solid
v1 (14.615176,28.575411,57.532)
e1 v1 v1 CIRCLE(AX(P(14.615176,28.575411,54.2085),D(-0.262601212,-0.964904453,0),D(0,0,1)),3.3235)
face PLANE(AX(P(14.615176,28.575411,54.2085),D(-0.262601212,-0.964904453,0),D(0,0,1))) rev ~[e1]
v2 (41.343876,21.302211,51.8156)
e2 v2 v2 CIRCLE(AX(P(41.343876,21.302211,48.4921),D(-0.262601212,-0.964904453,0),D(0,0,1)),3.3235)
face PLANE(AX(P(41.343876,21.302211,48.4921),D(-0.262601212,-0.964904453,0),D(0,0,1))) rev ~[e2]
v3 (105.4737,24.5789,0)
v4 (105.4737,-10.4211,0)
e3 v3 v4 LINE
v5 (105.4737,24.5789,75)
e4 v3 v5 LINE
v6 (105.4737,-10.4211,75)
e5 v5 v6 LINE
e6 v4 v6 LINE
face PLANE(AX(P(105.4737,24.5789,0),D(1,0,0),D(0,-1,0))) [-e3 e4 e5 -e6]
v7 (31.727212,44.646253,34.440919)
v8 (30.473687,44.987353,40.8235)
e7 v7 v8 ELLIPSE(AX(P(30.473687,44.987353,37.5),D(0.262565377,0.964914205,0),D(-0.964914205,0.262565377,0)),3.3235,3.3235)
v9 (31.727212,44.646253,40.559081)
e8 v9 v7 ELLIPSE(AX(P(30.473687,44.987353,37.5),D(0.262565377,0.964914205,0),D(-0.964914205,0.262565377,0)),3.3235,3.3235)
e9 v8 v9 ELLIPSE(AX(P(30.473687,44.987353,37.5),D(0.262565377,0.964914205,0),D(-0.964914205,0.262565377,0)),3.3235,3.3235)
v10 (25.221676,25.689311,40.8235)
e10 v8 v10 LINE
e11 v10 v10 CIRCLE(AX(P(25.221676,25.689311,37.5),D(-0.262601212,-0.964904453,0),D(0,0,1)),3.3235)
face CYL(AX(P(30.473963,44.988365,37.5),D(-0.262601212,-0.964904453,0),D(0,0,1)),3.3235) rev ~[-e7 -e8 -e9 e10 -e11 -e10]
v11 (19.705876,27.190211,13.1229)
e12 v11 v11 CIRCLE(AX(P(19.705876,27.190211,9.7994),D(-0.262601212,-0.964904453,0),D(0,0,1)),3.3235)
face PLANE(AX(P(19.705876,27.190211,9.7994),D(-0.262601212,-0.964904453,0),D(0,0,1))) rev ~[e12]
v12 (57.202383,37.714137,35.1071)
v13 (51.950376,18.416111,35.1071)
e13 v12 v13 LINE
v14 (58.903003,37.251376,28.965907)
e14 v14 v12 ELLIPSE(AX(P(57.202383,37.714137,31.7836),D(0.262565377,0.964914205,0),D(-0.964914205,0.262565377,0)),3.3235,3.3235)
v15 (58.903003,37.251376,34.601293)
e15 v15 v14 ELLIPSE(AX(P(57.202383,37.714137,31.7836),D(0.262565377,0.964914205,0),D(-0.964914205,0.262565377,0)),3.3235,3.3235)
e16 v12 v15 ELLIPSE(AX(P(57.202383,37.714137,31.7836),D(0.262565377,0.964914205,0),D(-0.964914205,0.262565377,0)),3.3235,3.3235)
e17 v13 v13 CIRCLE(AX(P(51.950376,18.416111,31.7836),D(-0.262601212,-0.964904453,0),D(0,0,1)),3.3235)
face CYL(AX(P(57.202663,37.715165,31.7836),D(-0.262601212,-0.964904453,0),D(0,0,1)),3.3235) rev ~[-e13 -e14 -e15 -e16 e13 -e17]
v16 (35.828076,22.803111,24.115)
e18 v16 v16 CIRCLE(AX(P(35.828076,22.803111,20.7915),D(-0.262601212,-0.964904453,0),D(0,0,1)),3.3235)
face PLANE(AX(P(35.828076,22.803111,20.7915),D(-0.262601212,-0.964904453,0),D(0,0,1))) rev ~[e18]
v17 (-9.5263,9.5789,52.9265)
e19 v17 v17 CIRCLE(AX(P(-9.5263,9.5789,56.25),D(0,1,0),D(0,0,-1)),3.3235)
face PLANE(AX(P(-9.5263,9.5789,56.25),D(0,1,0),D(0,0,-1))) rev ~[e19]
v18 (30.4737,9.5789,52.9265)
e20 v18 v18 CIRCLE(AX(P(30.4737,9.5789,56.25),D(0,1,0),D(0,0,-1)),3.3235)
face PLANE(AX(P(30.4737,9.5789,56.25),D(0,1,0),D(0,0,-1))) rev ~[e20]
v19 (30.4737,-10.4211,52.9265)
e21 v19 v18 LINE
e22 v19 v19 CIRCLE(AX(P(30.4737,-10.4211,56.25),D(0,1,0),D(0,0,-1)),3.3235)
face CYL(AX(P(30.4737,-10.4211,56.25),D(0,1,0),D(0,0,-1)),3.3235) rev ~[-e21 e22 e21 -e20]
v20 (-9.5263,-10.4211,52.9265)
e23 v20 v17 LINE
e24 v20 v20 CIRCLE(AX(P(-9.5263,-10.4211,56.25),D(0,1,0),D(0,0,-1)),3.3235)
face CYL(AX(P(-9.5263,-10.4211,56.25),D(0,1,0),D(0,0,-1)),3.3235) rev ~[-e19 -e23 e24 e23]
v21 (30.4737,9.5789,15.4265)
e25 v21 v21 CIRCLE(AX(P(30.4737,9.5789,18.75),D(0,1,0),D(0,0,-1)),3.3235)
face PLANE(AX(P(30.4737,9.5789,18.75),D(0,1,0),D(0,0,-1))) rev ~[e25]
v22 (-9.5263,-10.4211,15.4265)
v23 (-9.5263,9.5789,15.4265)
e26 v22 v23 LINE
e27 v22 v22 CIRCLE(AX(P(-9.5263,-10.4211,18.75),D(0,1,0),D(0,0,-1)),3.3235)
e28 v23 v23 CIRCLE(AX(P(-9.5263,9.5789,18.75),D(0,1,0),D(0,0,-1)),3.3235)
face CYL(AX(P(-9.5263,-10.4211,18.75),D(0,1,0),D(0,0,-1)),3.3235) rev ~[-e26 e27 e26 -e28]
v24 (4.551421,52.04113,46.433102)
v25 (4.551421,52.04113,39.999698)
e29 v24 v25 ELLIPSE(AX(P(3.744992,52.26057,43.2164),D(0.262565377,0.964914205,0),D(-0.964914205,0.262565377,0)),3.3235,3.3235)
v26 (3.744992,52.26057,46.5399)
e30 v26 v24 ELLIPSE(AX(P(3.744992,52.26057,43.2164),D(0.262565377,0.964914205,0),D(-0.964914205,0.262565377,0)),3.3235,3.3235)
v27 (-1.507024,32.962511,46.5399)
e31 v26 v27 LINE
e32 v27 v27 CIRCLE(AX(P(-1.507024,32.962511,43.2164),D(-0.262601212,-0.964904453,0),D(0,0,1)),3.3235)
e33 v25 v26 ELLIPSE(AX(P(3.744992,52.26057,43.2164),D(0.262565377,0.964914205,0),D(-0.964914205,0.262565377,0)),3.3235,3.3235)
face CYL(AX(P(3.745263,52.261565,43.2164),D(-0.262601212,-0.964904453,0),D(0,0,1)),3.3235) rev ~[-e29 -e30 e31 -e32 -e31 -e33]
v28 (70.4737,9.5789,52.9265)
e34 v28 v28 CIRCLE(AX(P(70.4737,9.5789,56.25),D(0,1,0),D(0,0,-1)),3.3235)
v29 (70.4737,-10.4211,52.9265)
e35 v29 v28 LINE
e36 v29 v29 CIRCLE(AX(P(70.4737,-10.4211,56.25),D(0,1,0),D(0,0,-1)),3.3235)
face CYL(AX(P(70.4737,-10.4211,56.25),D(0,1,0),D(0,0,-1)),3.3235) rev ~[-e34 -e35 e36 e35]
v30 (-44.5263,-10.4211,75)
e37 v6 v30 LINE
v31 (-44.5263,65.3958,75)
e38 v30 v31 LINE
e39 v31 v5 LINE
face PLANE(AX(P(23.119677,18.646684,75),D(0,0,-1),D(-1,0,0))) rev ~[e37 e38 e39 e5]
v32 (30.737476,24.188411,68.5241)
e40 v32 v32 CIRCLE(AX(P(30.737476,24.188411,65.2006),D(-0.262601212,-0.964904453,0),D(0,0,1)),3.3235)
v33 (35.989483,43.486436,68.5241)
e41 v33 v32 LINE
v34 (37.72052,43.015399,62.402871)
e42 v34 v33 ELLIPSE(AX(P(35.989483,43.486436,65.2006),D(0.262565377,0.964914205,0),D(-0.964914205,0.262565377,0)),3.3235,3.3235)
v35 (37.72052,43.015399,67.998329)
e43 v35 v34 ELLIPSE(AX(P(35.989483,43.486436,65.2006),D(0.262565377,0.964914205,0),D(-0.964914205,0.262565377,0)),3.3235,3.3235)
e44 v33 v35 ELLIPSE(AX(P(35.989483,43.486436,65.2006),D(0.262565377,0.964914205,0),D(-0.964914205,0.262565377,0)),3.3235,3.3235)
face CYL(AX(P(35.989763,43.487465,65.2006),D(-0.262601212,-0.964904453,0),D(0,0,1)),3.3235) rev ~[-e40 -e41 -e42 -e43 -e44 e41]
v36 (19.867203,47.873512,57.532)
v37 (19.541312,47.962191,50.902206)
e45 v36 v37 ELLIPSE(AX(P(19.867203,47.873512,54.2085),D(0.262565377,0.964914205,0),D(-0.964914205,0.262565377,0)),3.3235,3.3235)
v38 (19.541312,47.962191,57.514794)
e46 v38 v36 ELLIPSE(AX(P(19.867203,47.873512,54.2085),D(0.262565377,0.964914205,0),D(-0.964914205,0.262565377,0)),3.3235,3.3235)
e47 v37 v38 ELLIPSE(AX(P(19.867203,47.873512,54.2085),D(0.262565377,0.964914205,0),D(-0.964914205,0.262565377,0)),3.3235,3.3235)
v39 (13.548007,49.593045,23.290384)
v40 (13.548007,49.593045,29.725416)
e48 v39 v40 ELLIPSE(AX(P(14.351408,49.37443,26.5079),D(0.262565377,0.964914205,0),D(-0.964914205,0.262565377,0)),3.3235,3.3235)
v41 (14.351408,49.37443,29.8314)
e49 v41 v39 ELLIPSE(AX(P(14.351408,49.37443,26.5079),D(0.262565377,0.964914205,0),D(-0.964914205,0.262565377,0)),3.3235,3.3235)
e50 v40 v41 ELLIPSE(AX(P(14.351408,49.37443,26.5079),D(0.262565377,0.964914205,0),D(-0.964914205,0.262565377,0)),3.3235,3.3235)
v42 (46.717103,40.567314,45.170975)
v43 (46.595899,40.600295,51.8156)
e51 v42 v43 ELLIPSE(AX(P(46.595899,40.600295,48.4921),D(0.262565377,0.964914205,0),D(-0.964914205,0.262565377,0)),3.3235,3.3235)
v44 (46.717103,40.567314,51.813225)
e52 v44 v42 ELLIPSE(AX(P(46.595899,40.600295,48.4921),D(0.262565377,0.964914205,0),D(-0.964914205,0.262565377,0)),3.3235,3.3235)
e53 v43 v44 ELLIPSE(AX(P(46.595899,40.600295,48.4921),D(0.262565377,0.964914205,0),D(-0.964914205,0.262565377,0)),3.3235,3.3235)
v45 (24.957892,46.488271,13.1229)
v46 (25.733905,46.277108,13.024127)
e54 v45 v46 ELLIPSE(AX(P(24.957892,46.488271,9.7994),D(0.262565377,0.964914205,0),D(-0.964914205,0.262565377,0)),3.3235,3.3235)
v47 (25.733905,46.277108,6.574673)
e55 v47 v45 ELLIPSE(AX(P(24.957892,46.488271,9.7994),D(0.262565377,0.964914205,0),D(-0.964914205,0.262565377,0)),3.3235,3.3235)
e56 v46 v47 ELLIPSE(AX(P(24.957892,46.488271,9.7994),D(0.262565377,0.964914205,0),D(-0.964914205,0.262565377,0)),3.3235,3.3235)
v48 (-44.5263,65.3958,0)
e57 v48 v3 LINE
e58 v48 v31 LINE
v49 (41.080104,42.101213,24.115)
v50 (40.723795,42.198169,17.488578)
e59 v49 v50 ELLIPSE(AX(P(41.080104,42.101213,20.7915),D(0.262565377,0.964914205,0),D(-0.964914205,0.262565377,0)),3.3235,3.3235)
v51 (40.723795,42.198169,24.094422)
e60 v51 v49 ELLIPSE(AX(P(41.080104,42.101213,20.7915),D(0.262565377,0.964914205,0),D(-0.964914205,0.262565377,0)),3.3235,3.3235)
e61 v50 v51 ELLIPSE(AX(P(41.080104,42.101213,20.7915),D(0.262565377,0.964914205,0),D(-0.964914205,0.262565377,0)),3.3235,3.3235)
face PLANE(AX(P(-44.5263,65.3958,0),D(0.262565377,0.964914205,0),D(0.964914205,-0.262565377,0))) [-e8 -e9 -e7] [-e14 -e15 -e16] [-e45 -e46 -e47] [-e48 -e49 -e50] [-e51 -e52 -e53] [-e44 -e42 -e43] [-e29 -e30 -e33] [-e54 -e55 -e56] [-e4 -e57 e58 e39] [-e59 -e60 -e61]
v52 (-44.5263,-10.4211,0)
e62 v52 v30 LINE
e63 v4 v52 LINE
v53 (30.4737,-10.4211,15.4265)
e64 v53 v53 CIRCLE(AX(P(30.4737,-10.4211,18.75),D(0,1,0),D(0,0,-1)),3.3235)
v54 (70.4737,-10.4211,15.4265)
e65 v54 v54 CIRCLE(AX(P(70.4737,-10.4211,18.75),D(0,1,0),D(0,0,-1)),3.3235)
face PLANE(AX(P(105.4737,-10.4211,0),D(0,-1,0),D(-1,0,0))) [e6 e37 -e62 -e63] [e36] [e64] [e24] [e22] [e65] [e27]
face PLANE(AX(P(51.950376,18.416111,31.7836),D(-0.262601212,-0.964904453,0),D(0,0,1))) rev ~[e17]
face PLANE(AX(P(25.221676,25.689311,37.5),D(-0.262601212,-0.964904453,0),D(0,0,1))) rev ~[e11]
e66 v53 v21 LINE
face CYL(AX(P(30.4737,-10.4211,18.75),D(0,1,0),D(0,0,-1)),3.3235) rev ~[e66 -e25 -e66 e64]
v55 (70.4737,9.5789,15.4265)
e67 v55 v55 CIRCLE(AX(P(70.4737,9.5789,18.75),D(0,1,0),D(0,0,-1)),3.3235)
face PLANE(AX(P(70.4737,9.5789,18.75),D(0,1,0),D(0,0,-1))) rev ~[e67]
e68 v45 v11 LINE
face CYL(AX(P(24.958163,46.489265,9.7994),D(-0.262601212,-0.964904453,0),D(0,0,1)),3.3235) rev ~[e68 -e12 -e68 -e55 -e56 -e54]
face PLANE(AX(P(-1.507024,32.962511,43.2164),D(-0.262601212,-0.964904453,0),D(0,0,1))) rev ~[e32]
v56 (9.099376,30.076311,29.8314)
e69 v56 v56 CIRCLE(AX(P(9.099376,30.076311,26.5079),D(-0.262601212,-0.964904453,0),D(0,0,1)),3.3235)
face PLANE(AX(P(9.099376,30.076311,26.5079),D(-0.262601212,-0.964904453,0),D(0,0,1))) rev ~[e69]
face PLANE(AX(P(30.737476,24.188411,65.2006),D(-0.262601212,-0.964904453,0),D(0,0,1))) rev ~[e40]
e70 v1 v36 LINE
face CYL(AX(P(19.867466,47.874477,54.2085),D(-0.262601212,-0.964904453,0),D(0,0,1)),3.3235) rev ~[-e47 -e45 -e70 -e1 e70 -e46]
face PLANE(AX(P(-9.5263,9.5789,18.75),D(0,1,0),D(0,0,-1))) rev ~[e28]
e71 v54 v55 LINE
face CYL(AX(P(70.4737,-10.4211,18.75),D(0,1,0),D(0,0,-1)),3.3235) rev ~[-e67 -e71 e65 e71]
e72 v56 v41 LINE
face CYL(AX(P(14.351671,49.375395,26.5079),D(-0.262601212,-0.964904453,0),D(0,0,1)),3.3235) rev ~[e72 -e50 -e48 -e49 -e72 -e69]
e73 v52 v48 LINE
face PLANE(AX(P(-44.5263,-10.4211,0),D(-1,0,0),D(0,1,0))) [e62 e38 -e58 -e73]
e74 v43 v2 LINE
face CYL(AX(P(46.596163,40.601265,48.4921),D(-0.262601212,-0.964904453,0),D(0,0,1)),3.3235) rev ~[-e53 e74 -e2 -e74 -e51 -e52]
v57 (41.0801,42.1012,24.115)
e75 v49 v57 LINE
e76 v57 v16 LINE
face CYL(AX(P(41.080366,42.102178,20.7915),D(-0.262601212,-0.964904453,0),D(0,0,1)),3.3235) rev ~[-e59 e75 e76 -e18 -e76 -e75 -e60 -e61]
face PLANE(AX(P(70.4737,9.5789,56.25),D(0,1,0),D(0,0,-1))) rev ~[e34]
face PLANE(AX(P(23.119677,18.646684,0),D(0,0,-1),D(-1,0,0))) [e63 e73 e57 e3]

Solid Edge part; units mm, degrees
sketch "Sketch1" plane through (0, 0, 0) normal (0, 0, 1) x (1, 0, 0)
  line L0 (-44.5263, -10.4211) -> (-44.5263, 65.3958)
  line L1 (-44.5263, 65.3958) -> (105.4737, 24.5789)
  line L2 (105.4737, 24.5789) -> (105.4737, -10.4211)
  line L3 (105.4737, -10.4211) -> (-44.5263, -10.4211)
  dimension "D1" = 150
  dimension "D2" = 35
extrude "Protrusion1" add sketch "Sketch1" along normal blind 75
hole "Hole_1" at (70.4737, -10.4211, 56.25) direction (0, 1, 0) diameter 6.647 depth 20
hole "Hole1" at (30.4737, -10.4211, 56.25) direction (0, 1, 0) diameter 6.647 depth 20
hole "Hole2" at (-9.5263, -10.4211, 18.75) direction (0, 1, 0) diameter 6.647 depth 20
hole "Hole3" at (30.4737, -10.4211, 18.75) direction (0, 1, 0) diameter 6.647 depth 20
hole "Hole4" at (70.4737, -10.4211, 18.75) direction (0, 1, 0) diameter 6.647 depth 20
hole "Hole5" at (-9.5263, -10.4211, 56.25) direction (0, 1, 0) diameter 6.647 depth 20
hole "Hole_14" at (3.745, 52.2606, 43.2164) direction (-0.2626, -0.9649, 0) diameter 6.647 depth 20
hole "Hole6" at (24.9579, 46.4883, 9.7994) direction (-0.2626, -0.9649, 0) diameter 6.647 depth 20
hole "Hole7" at (57.2024, 37.7142, 31.7836) direction (-0.2626, -0.9649, 0) diameter 6.647 depth 20
hole "Hole8" at (35.9895, 43.4865, 65.2006) direction (-0.2626, -0.9649, 0) diameter 6.647 depth 20
hole "Hole9" at (14.3514, 49.3744, 26.5079) direction (-0.2626, -0.9649, 0) diameter 6.647 depth 20
hole "Hole10" at (46.5959, 40.6003, 48.4921) direction (-0.2626, -0.9649, 0) diameter 6.647 depth 20
hole "Hole11" at (19.8672, 47.8735, 54.2085) direction (-0.2626, -0.9649, 0) diameter 6.647 depth 20
hole "Hole12" at (41.0801, 42.1012, 20.7915) direction (-0.2626, -0.9649, 0) diameter 6.647 depth 20
hole "Hole13" at (30.4737, 44.9874, 37.5) direction (-0.2626, -0.9649, 0) diameter 6.647 depth 20
